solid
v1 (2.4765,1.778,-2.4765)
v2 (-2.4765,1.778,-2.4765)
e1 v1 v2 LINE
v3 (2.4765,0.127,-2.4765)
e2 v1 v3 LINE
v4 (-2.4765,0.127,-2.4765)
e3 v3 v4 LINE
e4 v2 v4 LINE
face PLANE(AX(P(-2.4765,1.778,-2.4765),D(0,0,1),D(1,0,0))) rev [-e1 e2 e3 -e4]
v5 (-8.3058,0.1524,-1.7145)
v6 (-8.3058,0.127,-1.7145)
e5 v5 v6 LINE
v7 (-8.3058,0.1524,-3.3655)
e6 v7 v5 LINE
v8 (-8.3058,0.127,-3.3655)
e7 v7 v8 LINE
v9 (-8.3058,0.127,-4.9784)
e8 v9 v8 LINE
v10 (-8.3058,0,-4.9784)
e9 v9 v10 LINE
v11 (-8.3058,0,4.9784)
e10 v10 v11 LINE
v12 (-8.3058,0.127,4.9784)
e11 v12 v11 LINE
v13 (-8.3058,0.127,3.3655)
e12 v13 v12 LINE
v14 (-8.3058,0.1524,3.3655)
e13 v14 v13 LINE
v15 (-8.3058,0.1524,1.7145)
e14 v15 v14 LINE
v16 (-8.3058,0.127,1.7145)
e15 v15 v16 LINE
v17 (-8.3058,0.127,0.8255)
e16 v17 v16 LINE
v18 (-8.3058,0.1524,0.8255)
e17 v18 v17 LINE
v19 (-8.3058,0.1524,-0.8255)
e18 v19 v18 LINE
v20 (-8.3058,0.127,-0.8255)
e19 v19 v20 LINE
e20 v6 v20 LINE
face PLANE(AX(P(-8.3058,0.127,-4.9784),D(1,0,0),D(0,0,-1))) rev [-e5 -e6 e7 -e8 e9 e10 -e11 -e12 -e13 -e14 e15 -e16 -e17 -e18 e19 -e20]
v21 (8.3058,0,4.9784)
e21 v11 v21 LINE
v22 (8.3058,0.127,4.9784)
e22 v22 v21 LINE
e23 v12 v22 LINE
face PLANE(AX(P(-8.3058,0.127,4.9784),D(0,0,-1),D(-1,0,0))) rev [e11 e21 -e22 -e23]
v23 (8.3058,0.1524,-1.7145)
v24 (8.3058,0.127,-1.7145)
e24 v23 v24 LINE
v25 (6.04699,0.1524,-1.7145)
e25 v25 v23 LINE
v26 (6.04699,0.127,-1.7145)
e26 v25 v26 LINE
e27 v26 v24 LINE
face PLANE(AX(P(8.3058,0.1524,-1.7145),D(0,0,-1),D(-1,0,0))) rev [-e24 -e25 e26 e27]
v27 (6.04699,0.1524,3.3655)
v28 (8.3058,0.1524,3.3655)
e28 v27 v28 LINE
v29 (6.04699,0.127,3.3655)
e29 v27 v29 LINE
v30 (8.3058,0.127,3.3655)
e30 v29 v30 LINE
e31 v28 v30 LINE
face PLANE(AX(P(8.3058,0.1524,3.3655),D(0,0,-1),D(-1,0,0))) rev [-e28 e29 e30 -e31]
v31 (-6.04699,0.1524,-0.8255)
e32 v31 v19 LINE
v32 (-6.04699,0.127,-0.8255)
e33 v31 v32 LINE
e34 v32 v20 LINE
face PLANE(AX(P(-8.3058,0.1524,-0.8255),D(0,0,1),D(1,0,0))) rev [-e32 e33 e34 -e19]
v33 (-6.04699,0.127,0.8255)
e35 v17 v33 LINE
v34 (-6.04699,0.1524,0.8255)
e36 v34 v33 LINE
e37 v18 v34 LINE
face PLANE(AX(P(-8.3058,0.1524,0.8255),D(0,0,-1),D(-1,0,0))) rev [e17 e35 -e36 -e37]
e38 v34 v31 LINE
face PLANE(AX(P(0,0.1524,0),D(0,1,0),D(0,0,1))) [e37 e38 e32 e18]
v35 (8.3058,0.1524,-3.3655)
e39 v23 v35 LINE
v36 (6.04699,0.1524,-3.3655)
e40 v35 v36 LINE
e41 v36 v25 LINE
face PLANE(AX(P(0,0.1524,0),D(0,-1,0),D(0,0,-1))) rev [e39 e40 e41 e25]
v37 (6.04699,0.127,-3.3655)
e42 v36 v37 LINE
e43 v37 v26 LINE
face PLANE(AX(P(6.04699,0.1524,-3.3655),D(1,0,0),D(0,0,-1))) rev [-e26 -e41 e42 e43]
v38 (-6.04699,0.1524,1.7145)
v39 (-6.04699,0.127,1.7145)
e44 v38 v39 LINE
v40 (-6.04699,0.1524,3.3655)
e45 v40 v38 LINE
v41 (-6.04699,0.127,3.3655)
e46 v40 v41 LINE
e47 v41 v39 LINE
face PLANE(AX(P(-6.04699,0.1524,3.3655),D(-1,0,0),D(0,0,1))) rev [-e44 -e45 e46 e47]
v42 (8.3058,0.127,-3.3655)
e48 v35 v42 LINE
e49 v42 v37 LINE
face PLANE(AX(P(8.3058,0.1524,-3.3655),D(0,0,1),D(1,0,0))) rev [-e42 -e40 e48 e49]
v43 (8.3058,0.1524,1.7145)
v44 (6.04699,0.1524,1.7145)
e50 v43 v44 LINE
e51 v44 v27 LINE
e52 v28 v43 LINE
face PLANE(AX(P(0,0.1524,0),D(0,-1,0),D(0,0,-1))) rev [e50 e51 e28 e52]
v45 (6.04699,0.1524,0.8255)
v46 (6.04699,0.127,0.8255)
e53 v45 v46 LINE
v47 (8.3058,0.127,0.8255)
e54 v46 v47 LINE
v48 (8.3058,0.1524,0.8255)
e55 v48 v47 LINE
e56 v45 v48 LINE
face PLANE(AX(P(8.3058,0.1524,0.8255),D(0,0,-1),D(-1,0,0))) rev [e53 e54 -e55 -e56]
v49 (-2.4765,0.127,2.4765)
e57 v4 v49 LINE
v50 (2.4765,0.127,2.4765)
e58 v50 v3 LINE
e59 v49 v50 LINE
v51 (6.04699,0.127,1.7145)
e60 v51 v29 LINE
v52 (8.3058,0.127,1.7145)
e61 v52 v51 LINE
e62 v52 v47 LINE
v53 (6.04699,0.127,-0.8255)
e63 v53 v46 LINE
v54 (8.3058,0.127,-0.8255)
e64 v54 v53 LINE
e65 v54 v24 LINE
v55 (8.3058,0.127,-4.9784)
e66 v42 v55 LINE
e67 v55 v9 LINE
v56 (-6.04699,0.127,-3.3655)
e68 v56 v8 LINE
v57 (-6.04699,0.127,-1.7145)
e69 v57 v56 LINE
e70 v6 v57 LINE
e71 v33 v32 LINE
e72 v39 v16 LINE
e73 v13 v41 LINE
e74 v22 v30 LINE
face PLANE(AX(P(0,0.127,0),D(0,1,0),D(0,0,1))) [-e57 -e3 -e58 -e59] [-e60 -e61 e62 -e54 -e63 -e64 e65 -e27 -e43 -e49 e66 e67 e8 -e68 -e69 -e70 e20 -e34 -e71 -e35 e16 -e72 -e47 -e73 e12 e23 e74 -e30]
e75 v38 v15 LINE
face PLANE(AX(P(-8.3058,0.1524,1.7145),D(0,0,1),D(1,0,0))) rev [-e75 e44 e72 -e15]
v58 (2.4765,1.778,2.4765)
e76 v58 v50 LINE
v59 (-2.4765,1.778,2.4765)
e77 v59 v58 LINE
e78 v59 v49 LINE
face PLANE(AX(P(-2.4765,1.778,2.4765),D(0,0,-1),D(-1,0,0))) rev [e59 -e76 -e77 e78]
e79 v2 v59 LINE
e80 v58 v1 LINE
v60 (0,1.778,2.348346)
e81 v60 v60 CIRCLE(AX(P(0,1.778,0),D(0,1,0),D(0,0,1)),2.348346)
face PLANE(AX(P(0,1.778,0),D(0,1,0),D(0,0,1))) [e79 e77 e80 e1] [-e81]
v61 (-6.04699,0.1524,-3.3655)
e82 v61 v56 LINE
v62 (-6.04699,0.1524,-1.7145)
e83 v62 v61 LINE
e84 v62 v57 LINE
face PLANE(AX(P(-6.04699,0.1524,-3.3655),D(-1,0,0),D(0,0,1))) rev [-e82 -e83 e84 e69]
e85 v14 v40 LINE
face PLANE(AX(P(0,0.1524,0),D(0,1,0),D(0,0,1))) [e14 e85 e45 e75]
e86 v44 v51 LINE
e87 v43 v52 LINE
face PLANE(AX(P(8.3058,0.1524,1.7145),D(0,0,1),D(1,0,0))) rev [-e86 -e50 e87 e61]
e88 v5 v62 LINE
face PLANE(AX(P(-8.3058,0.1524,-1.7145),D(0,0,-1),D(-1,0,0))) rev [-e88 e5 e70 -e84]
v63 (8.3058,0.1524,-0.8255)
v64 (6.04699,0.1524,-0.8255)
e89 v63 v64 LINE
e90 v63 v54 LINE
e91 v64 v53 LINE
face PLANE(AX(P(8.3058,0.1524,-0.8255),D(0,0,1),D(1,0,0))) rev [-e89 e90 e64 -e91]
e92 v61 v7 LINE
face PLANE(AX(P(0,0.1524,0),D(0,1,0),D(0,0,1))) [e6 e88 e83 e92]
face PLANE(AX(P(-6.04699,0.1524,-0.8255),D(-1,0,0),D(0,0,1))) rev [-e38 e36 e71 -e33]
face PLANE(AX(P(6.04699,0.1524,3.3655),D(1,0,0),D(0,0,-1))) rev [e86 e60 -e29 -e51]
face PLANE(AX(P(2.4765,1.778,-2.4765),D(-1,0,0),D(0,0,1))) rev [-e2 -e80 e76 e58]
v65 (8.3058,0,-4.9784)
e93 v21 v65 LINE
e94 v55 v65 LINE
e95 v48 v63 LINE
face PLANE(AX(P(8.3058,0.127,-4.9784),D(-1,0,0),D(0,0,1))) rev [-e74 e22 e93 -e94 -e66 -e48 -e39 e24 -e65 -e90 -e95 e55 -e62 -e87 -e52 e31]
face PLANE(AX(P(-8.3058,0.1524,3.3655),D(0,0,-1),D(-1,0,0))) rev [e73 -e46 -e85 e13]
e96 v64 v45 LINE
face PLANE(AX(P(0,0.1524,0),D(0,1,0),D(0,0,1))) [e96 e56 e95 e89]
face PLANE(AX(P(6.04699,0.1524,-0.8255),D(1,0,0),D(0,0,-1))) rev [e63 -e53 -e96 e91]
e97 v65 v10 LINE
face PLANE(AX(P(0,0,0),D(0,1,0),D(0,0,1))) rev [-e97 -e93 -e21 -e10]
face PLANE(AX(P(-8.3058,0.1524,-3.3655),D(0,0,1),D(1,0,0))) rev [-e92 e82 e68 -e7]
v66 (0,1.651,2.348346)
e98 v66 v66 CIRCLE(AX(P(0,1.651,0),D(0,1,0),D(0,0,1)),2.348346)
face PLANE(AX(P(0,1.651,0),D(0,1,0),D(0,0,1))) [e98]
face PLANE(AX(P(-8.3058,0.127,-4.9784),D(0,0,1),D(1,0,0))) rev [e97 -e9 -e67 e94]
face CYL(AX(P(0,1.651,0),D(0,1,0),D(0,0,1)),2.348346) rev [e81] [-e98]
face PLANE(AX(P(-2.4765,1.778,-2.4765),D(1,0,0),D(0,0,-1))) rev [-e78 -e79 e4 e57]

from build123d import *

# Parameters (mm, degrees)
SKETCH1_W           = 16.6116
SKETCH1_H           = 9.9568
BOSS_EXTRUDE1_DEPTH = 0.127
SKETCH3_W           = 4.953
SKETCH3_H           = 4.953
BOSS_EXTRUDE3_DEPTH = 1.651
SKETCH4_W           = 2.258810151
SKETCH4_H           = 1.651
BOSS_EXTRUDE4_DEPTH = 0.0254
SKETCH5_R           = 2.348345572
CUT_EXTRUDE1_DEPTH  = 0.127


with BuildPart() as part:
    # Sketch1 → Boss-Extrude1 (new body)
    with BuildSketch(Plane(origin=(0, 0, 0), x_dir=(1, 0, 0), z_dir=(0, 1, 0))):
        Rectangle(SKETCH1_W, SKETCH1_H)
    extrude(amount=BOSS_EXTRUDE1_DEPTH)

    # Sketch3 → Boss-Extrude3 (add)
    with BuildSketch(Plane(origin=(0, 0.127, 0), x_dir=(1, 0, 0), z_dir=(0, 1, 0))):
        Rectangle(SKETCH3_W, SKETCH3_H)
    extrude(amount=BOSS_EXTRUDE3_DEPTH)

    # Sketch4 → Boss-Extrude4 (add)
    with BuildSketch(Plane(origin=(0, 0.127, 0), x_dir=(1, 0, 0), z_dir=(0, 1, 0))):
        with Locations((-7.176394925, 0)):
            Rectangle(SKETCH4_W, SKETCH4_H)
        with Locations((-7.176394925, 2.54)):
            Rectangle(SKETCH4_W, SKETCH4_H)
        with Locations((-7.176394925, -2.54)):
            Rectangle(SKETCH4_W, SKETCH4_H)
        with Locations((7.176394925, -2.54)):
            Rectangle(SKETCH4_W, SKETCH4_H)
        with Locations((7.176394925, 0)):
            Rectangle(SKETCH4_W, SKETCH4_H)
        with Locations((7.176394925, 2.54)):
            Rectangle(SKETCH4_W, SKETCH4_H)
    extrude(amount=BOSS_EXTRUDE4_DEPTH)

    # Sketch5 → Cut-Extrude1 (cut)
    with BuildSketch(Plane(origin=(0, 1.778, 0), x_dir=(1, 0, 0), z_dir=(0, 1, 0))):
        Circle(SKETCH5_R)
    extrude(amount=-CUT_EXTRUDE1_DEPTH, mode=Mode.SUBTRACT)


solid = part.part
